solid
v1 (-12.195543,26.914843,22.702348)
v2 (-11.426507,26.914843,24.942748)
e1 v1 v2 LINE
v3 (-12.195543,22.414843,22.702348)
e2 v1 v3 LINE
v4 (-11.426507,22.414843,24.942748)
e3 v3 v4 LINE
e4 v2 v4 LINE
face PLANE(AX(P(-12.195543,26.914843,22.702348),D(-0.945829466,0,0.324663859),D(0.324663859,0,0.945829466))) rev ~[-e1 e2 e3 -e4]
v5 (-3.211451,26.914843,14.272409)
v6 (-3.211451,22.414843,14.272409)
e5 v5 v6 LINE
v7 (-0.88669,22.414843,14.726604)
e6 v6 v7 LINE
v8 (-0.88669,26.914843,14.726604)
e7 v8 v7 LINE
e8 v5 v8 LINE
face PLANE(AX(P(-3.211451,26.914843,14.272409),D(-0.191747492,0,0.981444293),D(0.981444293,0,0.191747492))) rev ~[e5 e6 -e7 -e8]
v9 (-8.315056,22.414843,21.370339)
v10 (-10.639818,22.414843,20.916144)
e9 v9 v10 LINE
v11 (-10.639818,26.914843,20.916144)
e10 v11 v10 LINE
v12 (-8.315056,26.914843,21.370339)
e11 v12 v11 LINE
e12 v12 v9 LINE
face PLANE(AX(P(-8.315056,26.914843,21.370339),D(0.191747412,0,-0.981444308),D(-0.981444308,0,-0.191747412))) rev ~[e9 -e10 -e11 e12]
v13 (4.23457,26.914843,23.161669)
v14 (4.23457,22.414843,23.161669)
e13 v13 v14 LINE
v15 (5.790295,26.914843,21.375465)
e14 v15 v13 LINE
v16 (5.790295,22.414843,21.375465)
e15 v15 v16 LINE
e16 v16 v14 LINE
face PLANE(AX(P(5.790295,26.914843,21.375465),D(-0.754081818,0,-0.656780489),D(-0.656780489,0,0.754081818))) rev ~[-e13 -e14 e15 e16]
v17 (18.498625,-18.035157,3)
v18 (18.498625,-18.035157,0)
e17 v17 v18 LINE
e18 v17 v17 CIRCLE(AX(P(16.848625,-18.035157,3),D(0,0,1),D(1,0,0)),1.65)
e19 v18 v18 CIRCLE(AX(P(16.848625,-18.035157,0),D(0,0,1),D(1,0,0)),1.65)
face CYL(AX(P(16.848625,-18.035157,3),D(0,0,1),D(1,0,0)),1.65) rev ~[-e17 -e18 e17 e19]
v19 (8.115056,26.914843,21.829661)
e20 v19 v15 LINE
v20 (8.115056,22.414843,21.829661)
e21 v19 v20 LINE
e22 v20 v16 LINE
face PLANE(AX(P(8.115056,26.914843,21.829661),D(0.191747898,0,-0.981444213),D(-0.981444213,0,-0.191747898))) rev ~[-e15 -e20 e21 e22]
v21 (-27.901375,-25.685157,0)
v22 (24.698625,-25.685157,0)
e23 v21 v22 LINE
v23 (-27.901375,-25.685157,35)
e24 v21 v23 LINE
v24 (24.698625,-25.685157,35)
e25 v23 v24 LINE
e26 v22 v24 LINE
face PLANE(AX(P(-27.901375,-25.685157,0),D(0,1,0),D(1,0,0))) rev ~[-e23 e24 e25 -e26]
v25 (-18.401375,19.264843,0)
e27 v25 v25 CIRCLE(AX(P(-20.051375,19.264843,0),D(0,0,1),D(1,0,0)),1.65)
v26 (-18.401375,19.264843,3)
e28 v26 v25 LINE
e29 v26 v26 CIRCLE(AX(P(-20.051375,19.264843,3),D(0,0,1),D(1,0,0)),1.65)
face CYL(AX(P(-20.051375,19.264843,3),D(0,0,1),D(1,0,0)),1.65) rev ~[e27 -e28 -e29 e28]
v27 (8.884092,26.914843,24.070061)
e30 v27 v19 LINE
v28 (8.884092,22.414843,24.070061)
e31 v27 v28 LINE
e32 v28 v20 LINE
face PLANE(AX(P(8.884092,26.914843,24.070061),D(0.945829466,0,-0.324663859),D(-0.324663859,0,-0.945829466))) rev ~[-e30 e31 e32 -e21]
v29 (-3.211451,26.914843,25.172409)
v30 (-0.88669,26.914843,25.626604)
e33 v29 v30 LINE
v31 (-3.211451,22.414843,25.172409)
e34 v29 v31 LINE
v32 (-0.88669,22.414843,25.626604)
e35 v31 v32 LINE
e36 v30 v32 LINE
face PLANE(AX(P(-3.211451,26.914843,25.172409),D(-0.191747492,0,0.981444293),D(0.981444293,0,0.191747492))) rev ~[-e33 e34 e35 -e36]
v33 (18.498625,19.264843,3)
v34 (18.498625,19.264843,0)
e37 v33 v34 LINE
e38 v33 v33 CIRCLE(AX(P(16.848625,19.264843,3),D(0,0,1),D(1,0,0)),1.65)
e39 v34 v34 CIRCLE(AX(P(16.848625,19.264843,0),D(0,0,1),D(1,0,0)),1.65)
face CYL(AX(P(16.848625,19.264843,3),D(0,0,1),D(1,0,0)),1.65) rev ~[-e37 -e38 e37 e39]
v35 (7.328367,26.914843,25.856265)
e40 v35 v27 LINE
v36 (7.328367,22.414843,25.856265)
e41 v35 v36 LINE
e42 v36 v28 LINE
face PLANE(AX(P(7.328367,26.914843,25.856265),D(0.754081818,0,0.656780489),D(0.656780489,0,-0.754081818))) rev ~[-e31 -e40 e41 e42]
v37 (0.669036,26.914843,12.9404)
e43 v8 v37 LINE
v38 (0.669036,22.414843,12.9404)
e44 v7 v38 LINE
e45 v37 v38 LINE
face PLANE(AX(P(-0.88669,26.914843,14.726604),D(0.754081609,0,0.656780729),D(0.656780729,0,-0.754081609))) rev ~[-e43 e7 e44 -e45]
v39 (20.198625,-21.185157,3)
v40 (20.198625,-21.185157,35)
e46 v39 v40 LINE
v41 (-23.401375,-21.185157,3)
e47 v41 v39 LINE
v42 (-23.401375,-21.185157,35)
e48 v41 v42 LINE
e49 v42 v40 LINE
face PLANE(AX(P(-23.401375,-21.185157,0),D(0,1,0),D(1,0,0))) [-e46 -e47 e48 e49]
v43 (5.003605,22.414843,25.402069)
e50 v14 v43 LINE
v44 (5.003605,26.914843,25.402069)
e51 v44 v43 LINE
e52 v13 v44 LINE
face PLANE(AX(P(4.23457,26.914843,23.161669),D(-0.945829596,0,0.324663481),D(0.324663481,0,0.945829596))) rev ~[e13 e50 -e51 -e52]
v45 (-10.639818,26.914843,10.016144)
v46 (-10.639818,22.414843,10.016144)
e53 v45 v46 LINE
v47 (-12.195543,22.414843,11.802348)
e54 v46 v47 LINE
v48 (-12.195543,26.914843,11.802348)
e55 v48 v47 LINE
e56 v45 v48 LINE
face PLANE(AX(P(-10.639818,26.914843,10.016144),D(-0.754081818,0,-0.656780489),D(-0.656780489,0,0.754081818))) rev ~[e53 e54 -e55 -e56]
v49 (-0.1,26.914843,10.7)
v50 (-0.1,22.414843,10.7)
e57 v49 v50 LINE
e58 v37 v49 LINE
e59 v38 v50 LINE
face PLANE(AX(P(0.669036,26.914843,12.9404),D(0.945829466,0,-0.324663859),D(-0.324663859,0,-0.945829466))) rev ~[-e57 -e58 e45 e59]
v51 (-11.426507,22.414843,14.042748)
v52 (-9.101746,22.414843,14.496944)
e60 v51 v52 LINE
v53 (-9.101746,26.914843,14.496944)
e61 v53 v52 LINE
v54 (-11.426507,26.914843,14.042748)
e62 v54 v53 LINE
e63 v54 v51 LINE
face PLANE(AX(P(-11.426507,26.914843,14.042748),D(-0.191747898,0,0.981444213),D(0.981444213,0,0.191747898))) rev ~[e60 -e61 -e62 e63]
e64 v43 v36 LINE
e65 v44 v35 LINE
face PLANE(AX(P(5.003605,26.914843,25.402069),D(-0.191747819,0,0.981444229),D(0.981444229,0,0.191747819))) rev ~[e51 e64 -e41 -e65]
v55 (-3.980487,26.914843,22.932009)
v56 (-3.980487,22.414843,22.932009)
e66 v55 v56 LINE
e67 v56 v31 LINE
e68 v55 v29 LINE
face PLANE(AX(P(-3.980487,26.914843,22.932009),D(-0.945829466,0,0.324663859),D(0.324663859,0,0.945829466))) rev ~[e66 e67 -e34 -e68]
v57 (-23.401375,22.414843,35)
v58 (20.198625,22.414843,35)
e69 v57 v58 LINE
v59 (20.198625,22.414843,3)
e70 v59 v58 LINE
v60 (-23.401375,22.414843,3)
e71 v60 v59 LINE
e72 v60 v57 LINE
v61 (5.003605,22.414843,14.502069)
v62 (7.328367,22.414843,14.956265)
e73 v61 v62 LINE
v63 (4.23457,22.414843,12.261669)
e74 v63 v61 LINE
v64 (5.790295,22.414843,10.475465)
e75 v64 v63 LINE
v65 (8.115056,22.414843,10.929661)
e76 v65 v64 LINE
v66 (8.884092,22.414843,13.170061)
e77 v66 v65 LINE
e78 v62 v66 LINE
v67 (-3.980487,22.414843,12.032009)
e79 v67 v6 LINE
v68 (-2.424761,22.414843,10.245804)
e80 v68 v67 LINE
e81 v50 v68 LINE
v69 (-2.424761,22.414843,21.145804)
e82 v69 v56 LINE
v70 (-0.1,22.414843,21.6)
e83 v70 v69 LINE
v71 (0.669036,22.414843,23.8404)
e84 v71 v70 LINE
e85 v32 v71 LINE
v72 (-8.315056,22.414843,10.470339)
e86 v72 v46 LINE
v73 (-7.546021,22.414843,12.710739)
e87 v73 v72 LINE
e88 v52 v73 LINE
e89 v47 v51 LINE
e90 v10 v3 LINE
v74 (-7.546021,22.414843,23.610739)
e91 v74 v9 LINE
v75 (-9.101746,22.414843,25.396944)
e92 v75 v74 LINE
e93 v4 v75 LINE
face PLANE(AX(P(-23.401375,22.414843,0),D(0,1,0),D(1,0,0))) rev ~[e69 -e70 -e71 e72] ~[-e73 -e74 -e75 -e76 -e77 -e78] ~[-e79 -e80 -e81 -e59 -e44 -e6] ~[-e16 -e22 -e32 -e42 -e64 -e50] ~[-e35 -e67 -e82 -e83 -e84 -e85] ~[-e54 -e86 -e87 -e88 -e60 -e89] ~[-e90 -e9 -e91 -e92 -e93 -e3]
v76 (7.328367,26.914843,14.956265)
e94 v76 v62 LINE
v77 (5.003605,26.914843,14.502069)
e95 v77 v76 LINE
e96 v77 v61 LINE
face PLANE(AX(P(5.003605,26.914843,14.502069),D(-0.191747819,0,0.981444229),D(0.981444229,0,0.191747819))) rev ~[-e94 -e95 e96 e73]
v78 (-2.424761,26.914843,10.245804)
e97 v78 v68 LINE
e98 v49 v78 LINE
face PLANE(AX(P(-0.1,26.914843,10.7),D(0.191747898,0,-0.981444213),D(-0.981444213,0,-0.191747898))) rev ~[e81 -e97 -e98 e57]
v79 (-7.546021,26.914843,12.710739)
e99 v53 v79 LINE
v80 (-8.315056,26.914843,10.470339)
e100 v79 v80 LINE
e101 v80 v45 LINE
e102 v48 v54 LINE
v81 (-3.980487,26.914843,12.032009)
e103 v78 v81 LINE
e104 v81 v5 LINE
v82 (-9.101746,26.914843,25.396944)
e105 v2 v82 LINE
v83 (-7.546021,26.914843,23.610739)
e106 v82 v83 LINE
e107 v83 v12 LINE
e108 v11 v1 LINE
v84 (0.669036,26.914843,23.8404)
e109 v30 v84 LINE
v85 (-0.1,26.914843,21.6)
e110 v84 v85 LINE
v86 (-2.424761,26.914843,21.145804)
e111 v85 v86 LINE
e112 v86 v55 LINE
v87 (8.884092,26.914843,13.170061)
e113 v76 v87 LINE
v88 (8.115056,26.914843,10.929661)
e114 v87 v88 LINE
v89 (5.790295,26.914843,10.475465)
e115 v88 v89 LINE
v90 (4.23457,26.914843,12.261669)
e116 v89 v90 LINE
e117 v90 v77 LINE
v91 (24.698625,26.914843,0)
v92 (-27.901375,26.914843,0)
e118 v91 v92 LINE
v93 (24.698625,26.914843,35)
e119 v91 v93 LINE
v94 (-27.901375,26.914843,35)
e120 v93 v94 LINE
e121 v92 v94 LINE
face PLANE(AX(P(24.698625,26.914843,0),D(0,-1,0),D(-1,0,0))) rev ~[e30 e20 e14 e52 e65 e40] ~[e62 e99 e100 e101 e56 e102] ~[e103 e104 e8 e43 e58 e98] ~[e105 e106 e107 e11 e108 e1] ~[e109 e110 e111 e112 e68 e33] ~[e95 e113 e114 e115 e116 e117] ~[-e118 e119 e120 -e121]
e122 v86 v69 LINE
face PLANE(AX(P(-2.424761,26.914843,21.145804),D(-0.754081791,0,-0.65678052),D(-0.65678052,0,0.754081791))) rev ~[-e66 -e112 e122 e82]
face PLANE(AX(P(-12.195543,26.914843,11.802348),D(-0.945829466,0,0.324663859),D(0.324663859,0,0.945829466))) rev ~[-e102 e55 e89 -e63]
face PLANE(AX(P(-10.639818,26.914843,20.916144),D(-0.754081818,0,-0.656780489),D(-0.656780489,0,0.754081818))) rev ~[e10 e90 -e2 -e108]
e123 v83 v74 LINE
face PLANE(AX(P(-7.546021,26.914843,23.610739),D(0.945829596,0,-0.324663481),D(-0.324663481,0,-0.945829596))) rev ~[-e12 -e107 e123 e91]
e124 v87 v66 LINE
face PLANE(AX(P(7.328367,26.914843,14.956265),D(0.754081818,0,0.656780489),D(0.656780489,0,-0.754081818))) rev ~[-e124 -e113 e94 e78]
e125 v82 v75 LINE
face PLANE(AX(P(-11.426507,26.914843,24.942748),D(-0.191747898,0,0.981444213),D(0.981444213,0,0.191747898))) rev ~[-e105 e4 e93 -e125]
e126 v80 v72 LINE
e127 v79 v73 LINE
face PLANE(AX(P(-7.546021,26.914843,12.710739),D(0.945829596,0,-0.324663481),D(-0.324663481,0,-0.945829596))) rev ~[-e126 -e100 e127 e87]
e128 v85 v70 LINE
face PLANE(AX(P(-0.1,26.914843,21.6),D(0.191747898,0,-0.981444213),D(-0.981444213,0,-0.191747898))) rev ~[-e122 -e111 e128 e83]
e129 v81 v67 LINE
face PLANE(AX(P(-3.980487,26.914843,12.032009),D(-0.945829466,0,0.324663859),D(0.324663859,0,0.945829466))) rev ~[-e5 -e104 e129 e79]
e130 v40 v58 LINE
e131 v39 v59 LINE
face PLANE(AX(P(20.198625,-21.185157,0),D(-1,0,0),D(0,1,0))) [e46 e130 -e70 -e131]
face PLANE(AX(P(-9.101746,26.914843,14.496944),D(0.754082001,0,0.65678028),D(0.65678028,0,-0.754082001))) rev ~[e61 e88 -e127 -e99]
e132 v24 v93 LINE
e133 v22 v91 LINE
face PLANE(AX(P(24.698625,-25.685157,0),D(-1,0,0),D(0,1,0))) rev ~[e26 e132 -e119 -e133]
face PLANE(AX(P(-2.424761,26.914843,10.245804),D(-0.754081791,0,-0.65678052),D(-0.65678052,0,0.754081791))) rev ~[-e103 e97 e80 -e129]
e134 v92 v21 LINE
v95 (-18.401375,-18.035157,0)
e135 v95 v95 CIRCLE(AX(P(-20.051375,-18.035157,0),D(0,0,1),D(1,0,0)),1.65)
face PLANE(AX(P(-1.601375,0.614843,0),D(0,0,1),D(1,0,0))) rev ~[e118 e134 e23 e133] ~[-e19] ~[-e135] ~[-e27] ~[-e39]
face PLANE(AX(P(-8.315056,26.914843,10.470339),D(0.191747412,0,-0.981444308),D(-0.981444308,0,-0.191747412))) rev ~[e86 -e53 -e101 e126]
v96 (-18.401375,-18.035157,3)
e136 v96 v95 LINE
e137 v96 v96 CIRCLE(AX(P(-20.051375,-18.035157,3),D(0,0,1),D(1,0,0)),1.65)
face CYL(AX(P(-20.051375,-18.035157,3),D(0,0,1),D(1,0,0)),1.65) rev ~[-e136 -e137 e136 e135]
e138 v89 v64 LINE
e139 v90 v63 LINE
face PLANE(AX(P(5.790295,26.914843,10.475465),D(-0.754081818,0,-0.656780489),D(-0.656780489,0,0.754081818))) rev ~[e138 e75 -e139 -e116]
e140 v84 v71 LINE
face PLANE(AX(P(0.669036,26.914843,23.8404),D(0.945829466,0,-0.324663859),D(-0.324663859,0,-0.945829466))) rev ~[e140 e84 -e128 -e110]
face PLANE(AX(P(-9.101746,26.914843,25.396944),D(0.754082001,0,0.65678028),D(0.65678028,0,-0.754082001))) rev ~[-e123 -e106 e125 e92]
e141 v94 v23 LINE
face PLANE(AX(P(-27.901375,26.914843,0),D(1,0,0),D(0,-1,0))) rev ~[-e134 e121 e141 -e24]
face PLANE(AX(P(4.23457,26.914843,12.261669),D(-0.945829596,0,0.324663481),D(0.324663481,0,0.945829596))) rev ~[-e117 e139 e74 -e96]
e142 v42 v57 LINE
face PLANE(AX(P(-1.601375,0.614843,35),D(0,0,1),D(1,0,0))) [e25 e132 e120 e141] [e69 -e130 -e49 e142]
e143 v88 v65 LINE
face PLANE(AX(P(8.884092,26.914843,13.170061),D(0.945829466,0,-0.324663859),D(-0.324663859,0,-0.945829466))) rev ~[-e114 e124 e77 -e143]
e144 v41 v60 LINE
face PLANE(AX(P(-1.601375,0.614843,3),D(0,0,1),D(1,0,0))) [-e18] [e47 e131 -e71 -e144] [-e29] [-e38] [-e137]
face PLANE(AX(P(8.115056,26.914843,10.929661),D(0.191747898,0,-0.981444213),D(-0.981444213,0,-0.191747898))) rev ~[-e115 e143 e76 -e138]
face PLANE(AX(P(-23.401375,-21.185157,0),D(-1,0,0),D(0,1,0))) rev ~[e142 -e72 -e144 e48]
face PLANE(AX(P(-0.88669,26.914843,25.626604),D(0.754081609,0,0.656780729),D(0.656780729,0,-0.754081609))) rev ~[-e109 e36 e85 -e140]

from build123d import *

# Parameters (mm, degrees)
F0_W     = 43.6
F0_H     = 43.6
F2_DEPTH = 3
F3_R     = 1.65
F4_DEPTH = 25
F1_W     = 43.6
F1_H     = 43.6
F5_DEPTH = 35
F7_DEPTH = 25


with BuildPart() as f2:
    # F0 (on Top) → F2 (new body)
    with BuildSketch(Plane.XY):
        with Locations((-1.601375, 0.614843)):
            Rectangle(F0_W, F0_H)
    extrude(amount=F2_DEPTH)

    # F3 (on face) → F4 (cut)
    with BuildSketch(Plane.XY.offset(3)):
        with Locations((-20.051375, 19.264843)):
            Circle(F3_R)
        with Locations((16.848625, 19.264843)):
            Circle(F3_R)
        with Locations((16.848625, -18.035157)):
            Circle(F3_R)
        with Locations((-20.051375, -18.035157)):
            Circle(F3_R)
    extrude(amount=-F4_DEPTH, mode=Mode.SUBTRACT)

    # F1 (on Top) → F5 (join)
    with BuildSketch(Plane.XY):
        Polygon((20.198625, 26.914843), (-23.401375, 26.914843), (-27.901375, 26.914843), (-27.901375, 22.414843), (-27.901375, -21.185157), (-27.901375, -25.685157), (-23.401375, -25.685157), (20.198625, -25.685157), (24.698625, -25.685157), (24.698625, -21.185157), (24.698625, 22.414843), (24.698625, 26.914843), align=None)
        with Locations((-1.601375, 0.614843)):
            Rectangle(F1_W, F1_H, mode=Mode.SUBTRACT)
    extrude(amount=F5_DEPTH)

    # F6 (on face) → F7 (cut)
    with BuildSketch(Plane(origin=(0, 26.914843, 0), x_dir=(-1, 0, 0), z_dir=(0, 1, 0))):
        Polygon((-5.790295, 21.375465), (-4.23457, 23.161669), (-5.003605, 25.402069), (-7.328367, 25.856265), (-8.884092, 24.070061), (-8.115056, 21.829661), align=None)
        Polygon((-8.115056, 10.929661), (-5.790295, 10.475465), (-4.23457, 12.261669), (-5.003605, 14.502069), (-7.328367, 14.956265), (-8.884092, 13.170061), align=None)
        Polygon((0.1, 21.6), (2.424761, 21.145804), (3.980487, 22.932009), (3.211451, 25.172409), (0.88669, 25.626604), (-0.669036, 23.8404), align=None)
        Polygon((0.1, 10.7), (2.424761, 10.245804), (3.980487, 12.032009), (3.211451, 14.272409), (0.88669, 14.726604), (-0.669036, 12.9404), align=None)
        Polygon((8.315056, 21.370339), (10.639818, 20.916144), (12.195543, 22.702348), (11.426507, 24.942748), (9.101746, 25.396944), (7.546021, 23.610739), align=None)
        Polygon((8.315056, 10.470339), (10.639818, 10.016144), (12.195543, 11.802348), (11.426507, 14.042748), (9.101746, 14.496944), (7.546021, 12.710739), align=None)
    extrude(amount=-F7_DEPTH, mode=Mode.SUBTRACT)


solid = f2.part
